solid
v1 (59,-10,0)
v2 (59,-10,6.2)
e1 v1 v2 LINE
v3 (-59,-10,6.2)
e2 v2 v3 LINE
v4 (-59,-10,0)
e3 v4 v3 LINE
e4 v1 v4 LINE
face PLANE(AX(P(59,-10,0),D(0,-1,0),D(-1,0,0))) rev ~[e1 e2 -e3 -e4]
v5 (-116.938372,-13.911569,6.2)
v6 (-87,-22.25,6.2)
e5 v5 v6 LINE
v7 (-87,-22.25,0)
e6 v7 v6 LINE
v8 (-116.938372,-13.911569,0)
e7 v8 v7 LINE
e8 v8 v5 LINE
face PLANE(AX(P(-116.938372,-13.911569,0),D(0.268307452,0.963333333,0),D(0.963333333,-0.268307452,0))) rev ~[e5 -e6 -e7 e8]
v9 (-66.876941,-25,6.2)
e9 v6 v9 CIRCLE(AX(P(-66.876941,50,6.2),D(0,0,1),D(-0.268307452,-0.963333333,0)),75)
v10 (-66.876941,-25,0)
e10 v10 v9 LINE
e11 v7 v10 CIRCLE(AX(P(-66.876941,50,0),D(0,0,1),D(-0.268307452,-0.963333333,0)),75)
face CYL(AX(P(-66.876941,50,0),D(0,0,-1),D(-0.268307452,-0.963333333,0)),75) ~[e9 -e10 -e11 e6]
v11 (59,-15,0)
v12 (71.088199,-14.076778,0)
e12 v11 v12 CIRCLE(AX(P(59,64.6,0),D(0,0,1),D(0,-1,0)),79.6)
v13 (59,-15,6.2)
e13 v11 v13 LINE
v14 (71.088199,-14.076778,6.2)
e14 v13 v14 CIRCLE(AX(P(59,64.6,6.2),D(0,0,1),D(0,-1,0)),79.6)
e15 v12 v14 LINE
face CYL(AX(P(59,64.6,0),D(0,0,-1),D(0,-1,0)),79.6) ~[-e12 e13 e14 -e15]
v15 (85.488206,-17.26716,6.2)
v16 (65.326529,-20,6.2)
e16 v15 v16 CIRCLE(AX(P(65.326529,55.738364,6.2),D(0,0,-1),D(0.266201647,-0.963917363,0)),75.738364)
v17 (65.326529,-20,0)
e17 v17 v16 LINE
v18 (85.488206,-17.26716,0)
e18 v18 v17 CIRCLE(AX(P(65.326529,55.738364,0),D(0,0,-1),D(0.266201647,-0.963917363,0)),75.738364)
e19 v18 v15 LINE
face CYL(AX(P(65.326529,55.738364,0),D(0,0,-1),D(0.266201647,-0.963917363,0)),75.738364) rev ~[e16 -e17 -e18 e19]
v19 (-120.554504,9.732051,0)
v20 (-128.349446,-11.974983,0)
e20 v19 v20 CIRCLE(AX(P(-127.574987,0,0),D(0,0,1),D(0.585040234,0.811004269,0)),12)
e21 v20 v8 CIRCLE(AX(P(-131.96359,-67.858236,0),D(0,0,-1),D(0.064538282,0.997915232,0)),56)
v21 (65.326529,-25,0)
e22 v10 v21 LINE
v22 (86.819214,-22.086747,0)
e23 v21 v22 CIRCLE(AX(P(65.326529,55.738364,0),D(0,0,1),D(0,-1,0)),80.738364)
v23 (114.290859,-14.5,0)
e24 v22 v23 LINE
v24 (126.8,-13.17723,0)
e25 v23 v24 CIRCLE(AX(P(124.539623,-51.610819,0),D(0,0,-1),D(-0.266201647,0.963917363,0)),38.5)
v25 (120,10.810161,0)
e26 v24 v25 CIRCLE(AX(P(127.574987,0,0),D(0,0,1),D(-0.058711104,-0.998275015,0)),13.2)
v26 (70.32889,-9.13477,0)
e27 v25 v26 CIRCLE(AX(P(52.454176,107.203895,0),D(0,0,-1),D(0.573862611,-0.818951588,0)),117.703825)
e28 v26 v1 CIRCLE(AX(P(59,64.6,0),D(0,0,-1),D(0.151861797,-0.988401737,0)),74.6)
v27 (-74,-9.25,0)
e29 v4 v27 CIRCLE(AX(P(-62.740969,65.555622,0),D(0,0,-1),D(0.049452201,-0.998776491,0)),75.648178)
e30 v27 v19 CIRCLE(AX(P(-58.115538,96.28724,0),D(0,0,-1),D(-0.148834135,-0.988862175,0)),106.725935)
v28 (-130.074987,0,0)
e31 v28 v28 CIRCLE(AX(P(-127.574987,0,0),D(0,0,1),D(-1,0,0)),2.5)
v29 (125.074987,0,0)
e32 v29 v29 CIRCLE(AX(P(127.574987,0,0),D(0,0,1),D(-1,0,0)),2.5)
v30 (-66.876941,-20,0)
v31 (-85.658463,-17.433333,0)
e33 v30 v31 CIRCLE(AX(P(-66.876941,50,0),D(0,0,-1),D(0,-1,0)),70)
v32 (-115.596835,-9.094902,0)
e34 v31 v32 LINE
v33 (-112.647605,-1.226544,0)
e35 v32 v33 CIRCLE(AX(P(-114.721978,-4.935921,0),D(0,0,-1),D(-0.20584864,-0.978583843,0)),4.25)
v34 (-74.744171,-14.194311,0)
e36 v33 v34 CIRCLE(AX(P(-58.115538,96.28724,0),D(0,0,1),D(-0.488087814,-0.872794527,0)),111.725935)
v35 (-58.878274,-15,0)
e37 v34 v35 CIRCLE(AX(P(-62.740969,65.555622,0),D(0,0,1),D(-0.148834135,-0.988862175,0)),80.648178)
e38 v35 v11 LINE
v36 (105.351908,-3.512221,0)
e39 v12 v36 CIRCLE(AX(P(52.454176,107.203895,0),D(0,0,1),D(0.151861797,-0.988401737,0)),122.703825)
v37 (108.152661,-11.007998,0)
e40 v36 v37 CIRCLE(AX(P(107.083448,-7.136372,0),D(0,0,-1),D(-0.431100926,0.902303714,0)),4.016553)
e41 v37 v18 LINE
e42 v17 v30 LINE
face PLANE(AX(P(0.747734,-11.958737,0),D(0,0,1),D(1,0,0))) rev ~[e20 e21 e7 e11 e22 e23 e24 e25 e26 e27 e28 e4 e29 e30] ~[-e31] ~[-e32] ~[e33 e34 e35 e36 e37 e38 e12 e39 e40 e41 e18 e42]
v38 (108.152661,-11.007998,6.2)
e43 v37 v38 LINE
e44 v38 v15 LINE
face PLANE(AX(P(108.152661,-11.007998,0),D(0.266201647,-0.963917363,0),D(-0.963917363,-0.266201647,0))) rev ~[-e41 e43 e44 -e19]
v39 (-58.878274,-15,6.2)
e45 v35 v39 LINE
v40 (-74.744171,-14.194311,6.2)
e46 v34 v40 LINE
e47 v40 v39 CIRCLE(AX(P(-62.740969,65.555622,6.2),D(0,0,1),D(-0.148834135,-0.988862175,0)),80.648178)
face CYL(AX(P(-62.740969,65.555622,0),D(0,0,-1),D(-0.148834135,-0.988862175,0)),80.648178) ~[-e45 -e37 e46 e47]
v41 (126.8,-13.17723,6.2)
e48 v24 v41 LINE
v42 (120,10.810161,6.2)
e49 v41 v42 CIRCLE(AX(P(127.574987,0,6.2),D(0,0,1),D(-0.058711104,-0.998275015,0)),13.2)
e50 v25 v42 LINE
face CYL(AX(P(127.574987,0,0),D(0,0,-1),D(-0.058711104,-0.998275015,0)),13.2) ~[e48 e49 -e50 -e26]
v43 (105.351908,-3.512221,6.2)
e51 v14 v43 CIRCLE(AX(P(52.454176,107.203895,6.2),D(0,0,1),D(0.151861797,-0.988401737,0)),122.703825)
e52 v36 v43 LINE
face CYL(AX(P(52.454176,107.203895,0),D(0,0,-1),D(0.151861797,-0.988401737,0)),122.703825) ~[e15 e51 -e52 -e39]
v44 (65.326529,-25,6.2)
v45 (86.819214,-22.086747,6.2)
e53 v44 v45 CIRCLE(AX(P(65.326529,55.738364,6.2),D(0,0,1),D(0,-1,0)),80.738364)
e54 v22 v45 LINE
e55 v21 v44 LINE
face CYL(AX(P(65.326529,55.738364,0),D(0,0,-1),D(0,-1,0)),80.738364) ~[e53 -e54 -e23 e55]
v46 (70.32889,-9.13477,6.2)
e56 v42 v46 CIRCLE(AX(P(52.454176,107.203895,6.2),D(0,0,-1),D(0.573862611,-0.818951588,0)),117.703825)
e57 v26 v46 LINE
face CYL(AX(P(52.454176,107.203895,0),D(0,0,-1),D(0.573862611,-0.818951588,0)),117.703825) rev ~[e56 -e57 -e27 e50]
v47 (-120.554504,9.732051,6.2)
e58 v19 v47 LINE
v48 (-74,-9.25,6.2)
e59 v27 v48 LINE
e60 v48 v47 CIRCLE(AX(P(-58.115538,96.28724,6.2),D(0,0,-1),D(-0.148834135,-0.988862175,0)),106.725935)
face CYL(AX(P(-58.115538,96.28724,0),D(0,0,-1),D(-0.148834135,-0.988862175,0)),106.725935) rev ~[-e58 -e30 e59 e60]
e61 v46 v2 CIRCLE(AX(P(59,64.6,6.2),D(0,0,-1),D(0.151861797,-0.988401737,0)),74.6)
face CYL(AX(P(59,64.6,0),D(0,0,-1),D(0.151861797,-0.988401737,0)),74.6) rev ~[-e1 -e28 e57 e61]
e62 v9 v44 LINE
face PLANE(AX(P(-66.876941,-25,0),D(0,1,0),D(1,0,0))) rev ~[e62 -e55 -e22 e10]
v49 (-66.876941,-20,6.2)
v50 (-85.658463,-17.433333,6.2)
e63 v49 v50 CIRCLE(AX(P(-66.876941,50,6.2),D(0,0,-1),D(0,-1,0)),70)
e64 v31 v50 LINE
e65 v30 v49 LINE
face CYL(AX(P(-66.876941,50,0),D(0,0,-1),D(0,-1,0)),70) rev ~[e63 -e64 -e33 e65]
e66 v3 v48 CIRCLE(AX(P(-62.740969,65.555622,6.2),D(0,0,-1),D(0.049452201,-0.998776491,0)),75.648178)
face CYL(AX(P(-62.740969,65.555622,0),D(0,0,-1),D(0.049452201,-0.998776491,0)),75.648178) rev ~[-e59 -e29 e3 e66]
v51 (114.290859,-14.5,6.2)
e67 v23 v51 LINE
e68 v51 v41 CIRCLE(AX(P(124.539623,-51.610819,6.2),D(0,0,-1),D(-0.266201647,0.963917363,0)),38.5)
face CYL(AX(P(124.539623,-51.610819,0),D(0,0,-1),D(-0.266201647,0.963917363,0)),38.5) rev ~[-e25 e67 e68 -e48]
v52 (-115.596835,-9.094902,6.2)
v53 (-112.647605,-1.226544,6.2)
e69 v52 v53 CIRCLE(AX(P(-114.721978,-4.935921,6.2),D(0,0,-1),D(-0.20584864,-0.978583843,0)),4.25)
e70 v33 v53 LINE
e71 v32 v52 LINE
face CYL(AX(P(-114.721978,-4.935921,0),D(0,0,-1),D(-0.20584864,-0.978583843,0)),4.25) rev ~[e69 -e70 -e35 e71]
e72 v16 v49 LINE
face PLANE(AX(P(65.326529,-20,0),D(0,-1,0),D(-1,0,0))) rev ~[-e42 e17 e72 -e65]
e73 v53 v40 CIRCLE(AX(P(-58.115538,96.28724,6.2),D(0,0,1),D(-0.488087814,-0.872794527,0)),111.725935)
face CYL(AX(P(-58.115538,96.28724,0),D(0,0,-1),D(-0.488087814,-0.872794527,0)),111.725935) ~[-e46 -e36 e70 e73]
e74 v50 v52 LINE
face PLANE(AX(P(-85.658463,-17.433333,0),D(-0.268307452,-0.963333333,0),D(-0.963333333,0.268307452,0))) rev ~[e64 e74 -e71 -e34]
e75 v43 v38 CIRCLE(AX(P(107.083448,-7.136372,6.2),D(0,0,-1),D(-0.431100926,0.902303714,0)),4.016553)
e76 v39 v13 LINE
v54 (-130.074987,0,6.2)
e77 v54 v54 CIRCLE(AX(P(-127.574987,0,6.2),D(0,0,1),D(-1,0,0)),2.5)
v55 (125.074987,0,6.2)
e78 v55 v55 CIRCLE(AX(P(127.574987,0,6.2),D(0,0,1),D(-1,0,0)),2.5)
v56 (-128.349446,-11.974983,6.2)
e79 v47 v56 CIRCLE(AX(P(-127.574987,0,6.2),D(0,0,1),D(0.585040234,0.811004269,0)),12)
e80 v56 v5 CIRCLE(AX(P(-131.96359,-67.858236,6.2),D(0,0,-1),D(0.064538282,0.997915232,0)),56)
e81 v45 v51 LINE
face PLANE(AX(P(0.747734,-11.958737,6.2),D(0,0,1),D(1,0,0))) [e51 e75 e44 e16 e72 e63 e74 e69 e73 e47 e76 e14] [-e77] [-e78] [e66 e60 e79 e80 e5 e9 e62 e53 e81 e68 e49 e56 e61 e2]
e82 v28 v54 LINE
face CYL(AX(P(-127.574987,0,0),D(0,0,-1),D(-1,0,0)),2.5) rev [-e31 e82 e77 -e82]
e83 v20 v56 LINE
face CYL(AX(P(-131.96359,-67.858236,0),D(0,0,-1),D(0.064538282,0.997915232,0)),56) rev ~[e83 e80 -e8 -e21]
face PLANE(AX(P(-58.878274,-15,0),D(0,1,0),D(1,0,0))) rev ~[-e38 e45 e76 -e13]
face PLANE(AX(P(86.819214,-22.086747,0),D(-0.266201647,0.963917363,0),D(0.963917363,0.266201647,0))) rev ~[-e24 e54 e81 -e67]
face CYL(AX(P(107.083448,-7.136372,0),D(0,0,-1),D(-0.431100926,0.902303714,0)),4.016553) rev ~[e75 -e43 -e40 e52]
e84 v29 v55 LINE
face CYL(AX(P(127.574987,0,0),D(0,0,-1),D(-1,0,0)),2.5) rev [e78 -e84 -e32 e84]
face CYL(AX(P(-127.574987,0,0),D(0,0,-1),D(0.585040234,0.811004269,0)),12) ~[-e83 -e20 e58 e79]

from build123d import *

# Parameters (mm, degrees)
SKETCH1_R           = 2.5
BOSS_EXTRUDE1_DEPTH = 6.2


with BuildPart() as part:
    # Sketch1 → Boss-Extrude1 (new body)
    with BuildSketch(Plane.XY):
        with BuildLine():
            ThreePointArc((-128.349445963, -11.974982784), (-122.593742509, -12.647675527), (-116.938372425, -13.911569107))
            Line((-116.938372425, -13.911569107), (-87, -22.25))
            ThreePointArc((-87, -22.25), (-77.031989093, -24.309319739), (-66.876941087, -25))
            Line((-66.876941087, -25), (65.326528755, -25))
            ThreePointArc((65.326528755, -25), (76.171142315, -24.268371831), (86.819214247, -22.086746937))
            Line((86.819214247, -22.086746937), (114.2908591, -14.5))
            ThreePointArc((114.2908591, -14.5), (120.491041615, -13.324280476), (126.8, -13.177230394))
            ThreePointArc((126.8, -13.177230394), (140.274563377, 3.600104754), (120, 10.810161116))
            ThreePointArc((120, 10.810161116), (96.313236011, -2.023267975), (70.328890052, -9.134769615))
            ThreePointArc((70.328890052, -9.134769615), (64.680941239, -9.783377892), (59, -10))
            Line((59, -10), (-59, -10))
            ThreePointArc((-59, -10), (-66.518658645, -9.998172905), (-74, -9.25))
            ThreePointArc((-74, -9.25), (-98.410939741, -2.539404949), (-120.554503776, 9.732051233))
            ThreePointArc((-120.554503776, 9.732051233), (-138.868880222, 4.055609252), (-128.349445963, -11.974982784))
        make_face()
        with BuildLine():
            Line((-85.658462739, -17.433333333), (-115.596835164, -9.09490244))
            ThreePointArc((-115.596835164, -9.09490244), (-118.701610917, -3.444269215), (-112.647605232, -1.22654437))
            ThreePointArc((-112.647605232, -1.22654437), (-94.281848906, -9.423130627), (-74.744170673, -14.194310873))
            ThreePointArc((-74.744170673, -14.194310873), (-66.831109196, -14.988771962), (-58.878274211, -15))
            Line((-58.878274211, -15), (59, -15))
            ThreePointArc((59, -15), (65.061701375, -14.768858984), (71.088199037, -14.076778302))
            ThreePointArc((71.088199037, -14.076778302), (88.608020432, -10.052780957), (105.35190821, -3.512221467))
            ThreePointArc((105.35190821, -3.512221467), (110.845938526, -5.730539831), (108.152661113, -11.007997765))
            Line((108.152661113, -11.007997765), (85.488206013, -17.26716012))
            ThreePointArc((85.488206013, -17.26716012), (75.499552441, -19.313680413), (65.326528755, -20))
            Line((65.326528755, -20), (-66.876941087, -20))
            ThreePointArc((-66.876941087, -20), (-76.354985893, -19.355365089), (-85.658462739, -17.433333333))
        make_face(mode=Mode.SUBTRACT)
        with Locations(Location((-127.574986581, 0, 0), (0, 0, 180))):
            Circle(SKETCH1_R, mode=Mode.SUBTRACT)
        with Locations(Location((127.574986581, 0, 0), (0, 0, 180))):
            Circle(SKETCH1_R, mode=Mode.SUBTRACT)
    extrude(amount=BOSS_EXTRUDE1_DEPTH)


solid = part.part
